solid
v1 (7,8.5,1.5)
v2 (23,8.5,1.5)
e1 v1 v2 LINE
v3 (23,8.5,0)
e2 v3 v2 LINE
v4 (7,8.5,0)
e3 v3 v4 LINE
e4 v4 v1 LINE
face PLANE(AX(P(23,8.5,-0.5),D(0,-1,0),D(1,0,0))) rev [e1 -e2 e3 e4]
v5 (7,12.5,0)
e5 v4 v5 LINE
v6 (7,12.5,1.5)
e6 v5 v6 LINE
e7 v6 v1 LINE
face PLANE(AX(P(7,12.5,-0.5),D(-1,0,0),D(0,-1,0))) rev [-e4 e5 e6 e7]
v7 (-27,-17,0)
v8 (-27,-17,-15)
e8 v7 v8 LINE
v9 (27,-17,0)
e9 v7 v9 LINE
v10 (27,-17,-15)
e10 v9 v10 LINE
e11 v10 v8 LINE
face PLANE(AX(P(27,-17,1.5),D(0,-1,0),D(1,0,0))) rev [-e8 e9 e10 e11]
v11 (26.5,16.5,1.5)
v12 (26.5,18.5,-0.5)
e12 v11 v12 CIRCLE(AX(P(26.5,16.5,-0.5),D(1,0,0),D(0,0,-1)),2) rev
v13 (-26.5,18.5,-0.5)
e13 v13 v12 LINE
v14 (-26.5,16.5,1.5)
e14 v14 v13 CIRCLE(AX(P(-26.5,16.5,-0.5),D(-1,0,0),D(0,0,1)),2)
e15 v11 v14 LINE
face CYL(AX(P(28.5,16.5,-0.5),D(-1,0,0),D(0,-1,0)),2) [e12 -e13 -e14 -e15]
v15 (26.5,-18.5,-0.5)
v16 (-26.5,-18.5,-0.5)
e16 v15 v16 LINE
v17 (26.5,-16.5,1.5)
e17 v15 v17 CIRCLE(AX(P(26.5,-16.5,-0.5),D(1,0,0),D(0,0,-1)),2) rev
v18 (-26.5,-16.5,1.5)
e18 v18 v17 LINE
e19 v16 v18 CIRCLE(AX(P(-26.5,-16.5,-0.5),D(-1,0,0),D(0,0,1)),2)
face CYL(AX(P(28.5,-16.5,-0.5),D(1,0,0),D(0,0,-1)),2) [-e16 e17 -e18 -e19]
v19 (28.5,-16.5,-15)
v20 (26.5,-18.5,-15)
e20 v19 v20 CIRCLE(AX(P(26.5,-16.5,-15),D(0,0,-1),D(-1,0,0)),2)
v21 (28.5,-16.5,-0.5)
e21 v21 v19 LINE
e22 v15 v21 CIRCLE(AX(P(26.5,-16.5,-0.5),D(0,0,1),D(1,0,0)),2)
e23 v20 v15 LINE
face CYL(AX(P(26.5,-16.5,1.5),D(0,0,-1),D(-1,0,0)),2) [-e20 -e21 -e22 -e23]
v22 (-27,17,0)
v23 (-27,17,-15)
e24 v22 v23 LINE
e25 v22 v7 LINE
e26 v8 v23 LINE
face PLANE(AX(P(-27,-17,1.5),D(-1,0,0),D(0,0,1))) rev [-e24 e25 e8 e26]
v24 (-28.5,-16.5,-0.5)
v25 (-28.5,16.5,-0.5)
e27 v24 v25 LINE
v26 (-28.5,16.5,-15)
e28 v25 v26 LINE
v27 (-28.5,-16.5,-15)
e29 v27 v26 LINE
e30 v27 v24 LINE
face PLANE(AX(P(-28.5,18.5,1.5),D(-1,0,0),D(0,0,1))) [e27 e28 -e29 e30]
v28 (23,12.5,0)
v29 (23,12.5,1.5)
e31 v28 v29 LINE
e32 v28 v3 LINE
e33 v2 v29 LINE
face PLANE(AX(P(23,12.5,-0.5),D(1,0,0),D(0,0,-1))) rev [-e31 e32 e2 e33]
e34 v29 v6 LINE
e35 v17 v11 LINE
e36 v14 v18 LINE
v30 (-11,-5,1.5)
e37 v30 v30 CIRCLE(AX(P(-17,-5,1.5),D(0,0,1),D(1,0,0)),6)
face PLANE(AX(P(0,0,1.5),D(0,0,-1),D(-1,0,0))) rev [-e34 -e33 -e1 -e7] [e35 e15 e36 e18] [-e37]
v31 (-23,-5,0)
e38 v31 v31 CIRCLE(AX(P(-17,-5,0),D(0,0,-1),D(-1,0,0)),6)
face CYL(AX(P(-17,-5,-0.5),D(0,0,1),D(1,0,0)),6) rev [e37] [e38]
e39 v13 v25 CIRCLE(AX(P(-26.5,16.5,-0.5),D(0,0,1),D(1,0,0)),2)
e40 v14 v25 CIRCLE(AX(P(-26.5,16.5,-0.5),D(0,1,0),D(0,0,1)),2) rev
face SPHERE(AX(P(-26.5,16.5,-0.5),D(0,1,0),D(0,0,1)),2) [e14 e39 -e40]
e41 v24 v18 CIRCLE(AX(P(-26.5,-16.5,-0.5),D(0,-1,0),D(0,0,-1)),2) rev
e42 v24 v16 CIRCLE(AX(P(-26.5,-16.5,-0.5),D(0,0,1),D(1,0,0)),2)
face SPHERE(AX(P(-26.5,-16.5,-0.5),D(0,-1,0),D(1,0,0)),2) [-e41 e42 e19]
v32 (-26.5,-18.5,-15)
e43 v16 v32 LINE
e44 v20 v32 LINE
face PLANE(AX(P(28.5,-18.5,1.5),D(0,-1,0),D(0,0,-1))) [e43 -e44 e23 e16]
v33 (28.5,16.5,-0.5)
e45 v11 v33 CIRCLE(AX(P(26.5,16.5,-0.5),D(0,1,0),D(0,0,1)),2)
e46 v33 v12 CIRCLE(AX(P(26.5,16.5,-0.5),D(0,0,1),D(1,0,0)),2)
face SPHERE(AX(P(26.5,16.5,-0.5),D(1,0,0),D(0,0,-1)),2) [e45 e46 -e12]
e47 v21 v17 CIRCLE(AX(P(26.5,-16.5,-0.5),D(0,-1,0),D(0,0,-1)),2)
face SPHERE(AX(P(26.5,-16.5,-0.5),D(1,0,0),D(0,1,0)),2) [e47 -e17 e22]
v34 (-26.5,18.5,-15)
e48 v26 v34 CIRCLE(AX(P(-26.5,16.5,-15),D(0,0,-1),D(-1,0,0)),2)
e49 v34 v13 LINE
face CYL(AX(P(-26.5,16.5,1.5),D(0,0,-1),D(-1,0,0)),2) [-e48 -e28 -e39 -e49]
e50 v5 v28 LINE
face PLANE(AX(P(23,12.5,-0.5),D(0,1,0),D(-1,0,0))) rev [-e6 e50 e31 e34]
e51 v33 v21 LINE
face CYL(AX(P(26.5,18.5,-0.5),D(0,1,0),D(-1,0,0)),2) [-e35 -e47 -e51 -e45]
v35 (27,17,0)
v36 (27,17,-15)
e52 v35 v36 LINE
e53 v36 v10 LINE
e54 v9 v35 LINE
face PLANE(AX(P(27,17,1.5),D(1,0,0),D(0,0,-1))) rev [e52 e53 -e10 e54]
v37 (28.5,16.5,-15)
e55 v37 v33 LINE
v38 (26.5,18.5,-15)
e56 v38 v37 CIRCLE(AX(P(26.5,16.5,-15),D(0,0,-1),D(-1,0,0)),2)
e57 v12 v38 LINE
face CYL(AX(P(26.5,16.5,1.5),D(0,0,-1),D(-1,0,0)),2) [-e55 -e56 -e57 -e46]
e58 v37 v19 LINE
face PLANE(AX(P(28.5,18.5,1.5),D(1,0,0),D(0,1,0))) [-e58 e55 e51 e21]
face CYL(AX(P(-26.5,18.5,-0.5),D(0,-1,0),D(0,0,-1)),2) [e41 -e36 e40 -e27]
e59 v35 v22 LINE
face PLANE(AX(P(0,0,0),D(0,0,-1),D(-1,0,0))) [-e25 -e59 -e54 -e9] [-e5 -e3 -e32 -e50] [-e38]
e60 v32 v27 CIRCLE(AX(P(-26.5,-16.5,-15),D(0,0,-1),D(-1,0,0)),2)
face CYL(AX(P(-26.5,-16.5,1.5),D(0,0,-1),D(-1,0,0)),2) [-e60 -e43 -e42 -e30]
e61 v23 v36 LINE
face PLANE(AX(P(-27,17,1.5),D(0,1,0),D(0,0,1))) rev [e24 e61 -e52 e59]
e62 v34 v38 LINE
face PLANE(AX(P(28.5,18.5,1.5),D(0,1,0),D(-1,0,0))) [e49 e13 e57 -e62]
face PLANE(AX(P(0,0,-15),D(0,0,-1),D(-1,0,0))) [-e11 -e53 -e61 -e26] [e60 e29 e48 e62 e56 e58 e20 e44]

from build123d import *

# Parameters (mm, degrees)
BOSS_EXTRUDE1_DEPTH      = 1.5
SKETCH2_R                = 6
SKETCH2_W                = 16
SKETCH2_H                = 4
CUT_EXTRUDE1_DEPTH       = 2
SKETCH3_W                = 57
SKETCH3_H                = 37
SKETCH3_W_2              = 54
SKETCH3_H_2              = 34
BOSS_EXTRUDE2_DEPTH      = 15
BOSS_EXTRUDE2_DEPTH_BACK = 1.5
FILLET1_R                = 2


with BuildPart() as part:
    # Sketch1 → Boss-Extrude1 (new body)
    with BuildSketch(Plane.XY):
        Polygon((-27, -17), (-7.5, -17), (7.5, -17), (27, -17), (27, 17), (-27, 17), align=None)
    extrude(amount=BOSS_EXTRUDE1_DEPTH)

    # Sketch2 → Cut-Extrude1 (cut)
    with BuildSketch(Plane.XY.offset(1.5)):
        with Locations((-17, -5)):
            Circle(SKETCH2_R)
        with Locations((15, 10.5)):
            Rectangle(SKETCH2_W, SKETCH2_H)
    extrude(amount=-CUT_EXTRUDE1_DEPTH, mode=Mode.SUBTRACT)

    # Sketch3 → Boss-Extrude2 (add, two sides)
    with BuildSketch(Plane(origin=(0, 0, 0), x_dir=(-1, 0, 0), z_dir=(0, 0, -1))) as boss_extrude2_sk:
        Rectangle(SKETCH3_W, SKETCH3_H)
        Rectangle(SKETCH3_W_2, SKETCH3_H_2, mode=Mode.SUBTRACT)
    extrude(amount=BOSS_EXTRUDE2_DEPTH)
    extrude(boss_extrude2_sk.sketch, amount=-BOSS_EXTRUDE2_DEPTH_BACK)

    # Fillet1
    fillet1_edges = [part.edges().sort_by_distance(p)[0] for p in [
        (28.5, -18.5, -6.75),
        (28.5, 0, 1.5),
        (28.5, 18.5, -6.75),
        (0, 18.5, 1.5),
        (-28.5, 18.5, -6.75),
        (-28.5, 0, 1.5),
        (-28.5, -18.5, -6.75),
        (0, -18.5, 1.5),
    ]]
    fillet(fillet1_edges, radius=FILLET1_R)


solid = part.part
